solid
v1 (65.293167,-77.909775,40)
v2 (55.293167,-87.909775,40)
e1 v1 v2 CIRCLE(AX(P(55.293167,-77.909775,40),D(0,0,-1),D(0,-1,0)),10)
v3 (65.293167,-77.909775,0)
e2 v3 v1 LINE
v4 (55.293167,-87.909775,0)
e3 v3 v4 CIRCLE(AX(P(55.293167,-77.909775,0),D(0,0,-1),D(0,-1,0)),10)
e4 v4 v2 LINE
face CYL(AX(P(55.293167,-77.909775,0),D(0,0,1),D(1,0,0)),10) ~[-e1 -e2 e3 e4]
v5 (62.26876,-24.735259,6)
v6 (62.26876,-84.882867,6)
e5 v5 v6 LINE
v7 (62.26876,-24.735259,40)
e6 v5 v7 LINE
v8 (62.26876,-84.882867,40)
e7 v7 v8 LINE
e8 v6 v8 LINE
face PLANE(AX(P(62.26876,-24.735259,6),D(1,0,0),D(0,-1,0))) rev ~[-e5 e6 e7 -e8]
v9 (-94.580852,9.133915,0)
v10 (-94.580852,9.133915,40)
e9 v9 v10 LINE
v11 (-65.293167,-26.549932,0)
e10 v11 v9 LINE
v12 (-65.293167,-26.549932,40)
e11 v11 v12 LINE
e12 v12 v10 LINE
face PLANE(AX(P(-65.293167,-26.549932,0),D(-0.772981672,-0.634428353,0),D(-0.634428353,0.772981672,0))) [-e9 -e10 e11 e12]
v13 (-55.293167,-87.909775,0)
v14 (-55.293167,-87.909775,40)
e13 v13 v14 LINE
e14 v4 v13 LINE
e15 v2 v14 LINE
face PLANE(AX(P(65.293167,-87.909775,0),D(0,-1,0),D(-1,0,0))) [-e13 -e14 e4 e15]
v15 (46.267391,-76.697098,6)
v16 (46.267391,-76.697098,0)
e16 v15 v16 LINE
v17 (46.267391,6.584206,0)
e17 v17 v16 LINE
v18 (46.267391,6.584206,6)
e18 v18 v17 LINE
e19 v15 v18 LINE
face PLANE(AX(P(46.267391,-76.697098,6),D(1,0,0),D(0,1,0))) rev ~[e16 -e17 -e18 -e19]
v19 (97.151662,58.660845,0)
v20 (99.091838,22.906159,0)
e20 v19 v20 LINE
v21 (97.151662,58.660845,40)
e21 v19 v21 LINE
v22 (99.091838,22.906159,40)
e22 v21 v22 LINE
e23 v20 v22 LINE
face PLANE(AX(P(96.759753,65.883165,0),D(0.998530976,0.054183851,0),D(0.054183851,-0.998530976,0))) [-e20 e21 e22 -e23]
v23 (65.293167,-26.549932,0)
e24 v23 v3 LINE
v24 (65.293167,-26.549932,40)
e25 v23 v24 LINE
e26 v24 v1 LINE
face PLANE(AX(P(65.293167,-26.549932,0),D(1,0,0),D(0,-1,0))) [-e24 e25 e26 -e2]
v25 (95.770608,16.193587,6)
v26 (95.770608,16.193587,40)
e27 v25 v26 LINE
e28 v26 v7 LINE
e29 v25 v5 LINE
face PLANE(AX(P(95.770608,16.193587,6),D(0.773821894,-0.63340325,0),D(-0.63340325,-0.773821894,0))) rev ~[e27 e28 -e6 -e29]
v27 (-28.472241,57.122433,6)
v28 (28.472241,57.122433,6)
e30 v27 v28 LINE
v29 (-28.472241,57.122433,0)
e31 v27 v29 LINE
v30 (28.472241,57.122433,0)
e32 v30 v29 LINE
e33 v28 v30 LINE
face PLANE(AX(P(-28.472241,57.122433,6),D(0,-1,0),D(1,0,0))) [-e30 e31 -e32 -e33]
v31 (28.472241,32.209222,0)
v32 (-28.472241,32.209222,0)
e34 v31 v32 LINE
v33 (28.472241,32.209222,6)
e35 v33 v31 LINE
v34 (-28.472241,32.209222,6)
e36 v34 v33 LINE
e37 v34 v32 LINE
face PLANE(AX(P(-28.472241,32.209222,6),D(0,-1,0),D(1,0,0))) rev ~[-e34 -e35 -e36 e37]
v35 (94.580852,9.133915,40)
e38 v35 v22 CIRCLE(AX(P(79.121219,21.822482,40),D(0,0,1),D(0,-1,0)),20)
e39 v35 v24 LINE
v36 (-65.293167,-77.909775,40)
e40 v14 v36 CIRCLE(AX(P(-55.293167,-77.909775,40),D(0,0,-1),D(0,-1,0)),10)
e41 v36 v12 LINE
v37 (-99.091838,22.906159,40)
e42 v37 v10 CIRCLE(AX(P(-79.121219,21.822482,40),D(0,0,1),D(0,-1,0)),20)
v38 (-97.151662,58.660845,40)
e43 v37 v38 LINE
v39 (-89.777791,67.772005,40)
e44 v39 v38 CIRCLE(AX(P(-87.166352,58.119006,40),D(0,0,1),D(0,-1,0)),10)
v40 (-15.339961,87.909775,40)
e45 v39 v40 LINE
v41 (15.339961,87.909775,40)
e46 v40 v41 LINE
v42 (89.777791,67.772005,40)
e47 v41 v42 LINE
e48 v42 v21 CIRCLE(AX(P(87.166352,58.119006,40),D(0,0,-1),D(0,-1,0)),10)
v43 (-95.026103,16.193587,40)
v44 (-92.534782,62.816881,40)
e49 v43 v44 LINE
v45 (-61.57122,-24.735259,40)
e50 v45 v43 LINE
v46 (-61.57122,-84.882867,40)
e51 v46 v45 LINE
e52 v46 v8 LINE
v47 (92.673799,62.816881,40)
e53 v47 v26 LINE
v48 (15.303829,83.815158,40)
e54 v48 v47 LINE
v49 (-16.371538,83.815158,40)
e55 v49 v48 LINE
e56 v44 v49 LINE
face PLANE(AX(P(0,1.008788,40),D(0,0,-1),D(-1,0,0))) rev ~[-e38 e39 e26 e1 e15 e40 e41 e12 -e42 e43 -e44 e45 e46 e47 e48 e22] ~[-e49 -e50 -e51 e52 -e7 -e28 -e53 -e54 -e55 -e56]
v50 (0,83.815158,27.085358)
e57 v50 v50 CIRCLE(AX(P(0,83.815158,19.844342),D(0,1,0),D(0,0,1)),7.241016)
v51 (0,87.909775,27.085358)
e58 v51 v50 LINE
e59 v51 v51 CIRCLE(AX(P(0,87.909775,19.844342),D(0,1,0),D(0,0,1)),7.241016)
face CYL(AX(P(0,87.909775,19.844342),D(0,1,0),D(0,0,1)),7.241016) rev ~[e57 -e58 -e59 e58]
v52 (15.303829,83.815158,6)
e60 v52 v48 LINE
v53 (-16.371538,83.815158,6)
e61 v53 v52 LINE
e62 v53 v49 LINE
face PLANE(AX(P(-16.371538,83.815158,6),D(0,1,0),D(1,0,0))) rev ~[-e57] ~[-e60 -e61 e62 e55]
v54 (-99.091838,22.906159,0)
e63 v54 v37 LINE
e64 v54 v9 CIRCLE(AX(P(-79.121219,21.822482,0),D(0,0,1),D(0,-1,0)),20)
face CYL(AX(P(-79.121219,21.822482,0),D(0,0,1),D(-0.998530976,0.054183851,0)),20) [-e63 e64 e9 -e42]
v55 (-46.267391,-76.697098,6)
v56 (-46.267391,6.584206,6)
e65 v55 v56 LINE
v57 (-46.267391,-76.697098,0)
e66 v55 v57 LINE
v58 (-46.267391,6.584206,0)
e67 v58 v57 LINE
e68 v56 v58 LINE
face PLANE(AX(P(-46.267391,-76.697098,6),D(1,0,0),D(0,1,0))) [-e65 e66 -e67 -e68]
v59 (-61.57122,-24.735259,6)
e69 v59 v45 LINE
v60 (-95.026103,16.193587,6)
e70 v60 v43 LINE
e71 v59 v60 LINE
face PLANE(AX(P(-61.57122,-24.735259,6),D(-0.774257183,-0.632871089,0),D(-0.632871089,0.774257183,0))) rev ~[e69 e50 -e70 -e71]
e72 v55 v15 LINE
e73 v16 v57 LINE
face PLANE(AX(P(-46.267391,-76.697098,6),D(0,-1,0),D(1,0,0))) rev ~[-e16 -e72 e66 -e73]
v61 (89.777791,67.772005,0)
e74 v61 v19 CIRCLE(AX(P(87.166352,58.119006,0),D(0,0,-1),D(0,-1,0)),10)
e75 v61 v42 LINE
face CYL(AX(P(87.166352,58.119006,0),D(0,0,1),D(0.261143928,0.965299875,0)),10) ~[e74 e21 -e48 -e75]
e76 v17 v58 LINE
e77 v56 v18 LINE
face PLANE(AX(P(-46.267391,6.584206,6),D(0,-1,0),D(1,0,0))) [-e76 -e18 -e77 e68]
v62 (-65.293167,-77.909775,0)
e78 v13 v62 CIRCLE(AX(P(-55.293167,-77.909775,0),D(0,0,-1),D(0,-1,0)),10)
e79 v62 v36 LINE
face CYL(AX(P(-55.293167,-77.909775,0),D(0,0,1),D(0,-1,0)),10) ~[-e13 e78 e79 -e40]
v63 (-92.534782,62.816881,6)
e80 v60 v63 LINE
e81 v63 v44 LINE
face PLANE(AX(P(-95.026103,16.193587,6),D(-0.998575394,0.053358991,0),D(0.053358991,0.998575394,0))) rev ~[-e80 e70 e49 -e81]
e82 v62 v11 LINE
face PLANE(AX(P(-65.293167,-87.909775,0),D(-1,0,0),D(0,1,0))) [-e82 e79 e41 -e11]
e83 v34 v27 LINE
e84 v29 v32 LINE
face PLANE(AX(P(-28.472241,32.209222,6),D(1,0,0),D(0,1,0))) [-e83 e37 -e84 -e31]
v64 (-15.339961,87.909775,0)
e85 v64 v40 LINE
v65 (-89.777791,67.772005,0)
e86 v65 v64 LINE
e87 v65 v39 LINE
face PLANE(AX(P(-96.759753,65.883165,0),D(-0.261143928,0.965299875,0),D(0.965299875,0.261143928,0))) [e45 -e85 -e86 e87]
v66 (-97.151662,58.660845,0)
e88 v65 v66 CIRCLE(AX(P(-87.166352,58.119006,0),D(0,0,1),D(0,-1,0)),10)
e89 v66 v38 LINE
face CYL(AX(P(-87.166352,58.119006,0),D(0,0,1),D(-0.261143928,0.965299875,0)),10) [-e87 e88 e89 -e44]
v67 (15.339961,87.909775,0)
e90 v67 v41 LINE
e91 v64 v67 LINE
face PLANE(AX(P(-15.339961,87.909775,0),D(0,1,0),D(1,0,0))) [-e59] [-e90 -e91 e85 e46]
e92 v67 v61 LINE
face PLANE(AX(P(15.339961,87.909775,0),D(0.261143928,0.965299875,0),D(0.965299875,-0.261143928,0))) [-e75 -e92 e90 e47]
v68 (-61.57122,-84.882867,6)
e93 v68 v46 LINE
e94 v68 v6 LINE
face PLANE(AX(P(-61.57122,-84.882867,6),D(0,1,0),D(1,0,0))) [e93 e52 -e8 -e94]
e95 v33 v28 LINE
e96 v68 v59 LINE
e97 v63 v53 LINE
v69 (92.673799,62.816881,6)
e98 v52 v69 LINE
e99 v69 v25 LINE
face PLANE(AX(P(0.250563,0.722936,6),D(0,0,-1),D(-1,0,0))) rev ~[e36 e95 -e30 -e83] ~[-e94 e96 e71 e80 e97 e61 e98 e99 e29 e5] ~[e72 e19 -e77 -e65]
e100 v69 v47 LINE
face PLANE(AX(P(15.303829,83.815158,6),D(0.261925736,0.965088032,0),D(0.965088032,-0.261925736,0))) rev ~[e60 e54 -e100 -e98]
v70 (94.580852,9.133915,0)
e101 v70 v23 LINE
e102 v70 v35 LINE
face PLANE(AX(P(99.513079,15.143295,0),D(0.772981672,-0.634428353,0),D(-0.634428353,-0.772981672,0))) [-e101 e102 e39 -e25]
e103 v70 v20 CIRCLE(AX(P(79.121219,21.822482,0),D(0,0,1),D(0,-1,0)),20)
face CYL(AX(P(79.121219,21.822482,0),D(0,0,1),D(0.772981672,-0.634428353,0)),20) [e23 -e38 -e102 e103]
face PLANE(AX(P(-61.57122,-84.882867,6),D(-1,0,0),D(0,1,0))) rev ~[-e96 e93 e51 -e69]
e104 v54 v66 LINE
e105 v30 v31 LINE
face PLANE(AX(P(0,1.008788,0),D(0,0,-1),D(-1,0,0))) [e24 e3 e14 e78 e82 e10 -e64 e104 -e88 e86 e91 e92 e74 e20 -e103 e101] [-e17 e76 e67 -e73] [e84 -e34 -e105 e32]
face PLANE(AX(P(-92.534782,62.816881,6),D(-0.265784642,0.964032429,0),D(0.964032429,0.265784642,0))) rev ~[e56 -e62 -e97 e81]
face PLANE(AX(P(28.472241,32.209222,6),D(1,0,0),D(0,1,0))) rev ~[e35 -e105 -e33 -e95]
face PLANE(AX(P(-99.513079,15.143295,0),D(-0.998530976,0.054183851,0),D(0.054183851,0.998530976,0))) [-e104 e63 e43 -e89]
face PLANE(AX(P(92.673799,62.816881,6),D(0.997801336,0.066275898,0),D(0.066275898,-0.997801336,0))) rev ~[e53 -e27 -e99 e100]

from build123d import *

# Parameters (mm, degrees)
BOSS_EXTRUDE1_DEPTH     = 40
CUT_EXTRUDE1_DEPTH      = 2
CUT_EXTRUDE1_DEPTH_BACK = 34
SKETCH5_R               = 7.241016292
CUT_EXTRUDE2_DEPTH      = 19
SKETCH4_W               = 56.944481184
SKETCH4_H               = 24.913210518
SKETCH4_W_2             = 92.534781926
SKETCH4_H_2             = 83.281303733
CUT_EXTRUDE3_DEPTH      = 19
FILLET1_R               = 10
FILLET2_R               = 10
FILLET5_R               = 20
FILLET6_R               = 20
FILLET11_R              = 10
FILLET12_R              = 10


with BuildPart() as part:
    # Sketch1 → Boss-Extrude1 (new body)
    with BuildSketch(Plane.XY):
        Polygon((-15.339960816, 87.909775446), (15.339960816, 87.909775446), (96.75975284, 65.883165043), (99.51307914, 15.143294652), (65.29316655, -26.549932182), (65.29316655, -87.909775446), (-65.29316655, -87.909775446), (-65.29316655, -26.549932182), (-99.51307914, 15.143294652), (-96.75975284, 65.883165043), align=None)
    extrude(amount=BOSS_EXTRUDE1_DEPTH)

    # Sketch3 → Cut-Extrude1 (cut, two sides: drawn at the far end of the back side and taken through both)
    with BuildSketch(Plane.XY.offset(40).offset(-CUT_EXTRUDE1_DEPTH_BACK)):
        Polygon((-92.534781925, 62.816880807), (-16.371538341, 83.815158244), (15.303829318, 83.815158244), (92.673798797, 62.816880807), (95.770608339, 16.193586837), (62.268759659, -24.735259015), (62.268759659, -84.882867266), (60.147608251, -84.882867266), (-61.571220281, -84.882867266), (-61.571220281, -24.735259015), (-95.026102977, 16.193586837), align=None)
    extrude(amount=CUT_EXTRUDE1_DEPTH + CUT_EXTRUDE1_DEPTH_BACK, mode=Mode.SUBTRACT)

    # Sketch5 → Cut-Extrude2 (cut)
    with BuildSketch(Plane(origin=(0, 87.909775446, 0), x_dir=(1, 0, 0), z_dir=(0, 1, 0))):
        with Locations(Location((0, -19.844342197, 0), (0, 0, 270))):
            Circle(SKETCH5_R)
    extrude(amount=-CUT_EXTRUDE2_DEPTH, mode=Mode.SUBTRACT)

    # Sketch4 → Cut-Extrude3 (cut)
    with BuildSketch(Plane.XY.offset(6)):
        with Locations((0, 44.665827429)):
            Rectangle(SKETCH4_W, SKETCH4_H)
        with Locations((0, -35.05644623)):
            Rectangle(SKETCH4_W_2, SKETCH4_H_2)
    extrude(amount=-CUT_EXTRUDE3_DEPTH, mode=Mode.SUBTRACT)

    # Fillet1
    fillet1_edges = [part.edges().sort_by_distance(p)[0] for p in [
        (96.75975284, 65.883165043, 20),
    ]]
    fillet(fillet1_edges, radius=FILLET1_R)

    # Fillet2
    fillet2_edges = [part.edges().sort_by_distance(p)[0] for p in [
        (-96.75975284, 65.883165043, 20),
    ]]
    fillet(fillet2_edges, radius=FILLET2_R)

    # Fillet5
    fillet5_edges = [part.edges().sort_by_distance(p)[0] for p in [
        (-99.51307914, 15.143294652, 20),
    ]]
    fillet(fillet5_edges, radius=FILLET5_R)

    # Fillet6
    fillet6_edges = [part.edges().sort_by_distance(p)[0] for p in [
        (99.51307914, 15.143294652, 20),
    ]]
    fillet(fillet6_edges, radius=FILLET6_R)

    # Fillet11
    fillet11_edges = [part.edges().sort_by_distance(p)[0] for p in [
        (65.29316655, -87.909775446, 20),
    ]]
    fillet(fillet11_edges, radius=FILLET11_R)

    # Fillet12
    fillet12_edges = [part.edges().sort_by_distance(p)[0] for p in [
        (-65.29316655, -87.909775446, 20),
    ]]
    fillet(fillet12_edges, radius=FILLET12_R)


solid = part.part
